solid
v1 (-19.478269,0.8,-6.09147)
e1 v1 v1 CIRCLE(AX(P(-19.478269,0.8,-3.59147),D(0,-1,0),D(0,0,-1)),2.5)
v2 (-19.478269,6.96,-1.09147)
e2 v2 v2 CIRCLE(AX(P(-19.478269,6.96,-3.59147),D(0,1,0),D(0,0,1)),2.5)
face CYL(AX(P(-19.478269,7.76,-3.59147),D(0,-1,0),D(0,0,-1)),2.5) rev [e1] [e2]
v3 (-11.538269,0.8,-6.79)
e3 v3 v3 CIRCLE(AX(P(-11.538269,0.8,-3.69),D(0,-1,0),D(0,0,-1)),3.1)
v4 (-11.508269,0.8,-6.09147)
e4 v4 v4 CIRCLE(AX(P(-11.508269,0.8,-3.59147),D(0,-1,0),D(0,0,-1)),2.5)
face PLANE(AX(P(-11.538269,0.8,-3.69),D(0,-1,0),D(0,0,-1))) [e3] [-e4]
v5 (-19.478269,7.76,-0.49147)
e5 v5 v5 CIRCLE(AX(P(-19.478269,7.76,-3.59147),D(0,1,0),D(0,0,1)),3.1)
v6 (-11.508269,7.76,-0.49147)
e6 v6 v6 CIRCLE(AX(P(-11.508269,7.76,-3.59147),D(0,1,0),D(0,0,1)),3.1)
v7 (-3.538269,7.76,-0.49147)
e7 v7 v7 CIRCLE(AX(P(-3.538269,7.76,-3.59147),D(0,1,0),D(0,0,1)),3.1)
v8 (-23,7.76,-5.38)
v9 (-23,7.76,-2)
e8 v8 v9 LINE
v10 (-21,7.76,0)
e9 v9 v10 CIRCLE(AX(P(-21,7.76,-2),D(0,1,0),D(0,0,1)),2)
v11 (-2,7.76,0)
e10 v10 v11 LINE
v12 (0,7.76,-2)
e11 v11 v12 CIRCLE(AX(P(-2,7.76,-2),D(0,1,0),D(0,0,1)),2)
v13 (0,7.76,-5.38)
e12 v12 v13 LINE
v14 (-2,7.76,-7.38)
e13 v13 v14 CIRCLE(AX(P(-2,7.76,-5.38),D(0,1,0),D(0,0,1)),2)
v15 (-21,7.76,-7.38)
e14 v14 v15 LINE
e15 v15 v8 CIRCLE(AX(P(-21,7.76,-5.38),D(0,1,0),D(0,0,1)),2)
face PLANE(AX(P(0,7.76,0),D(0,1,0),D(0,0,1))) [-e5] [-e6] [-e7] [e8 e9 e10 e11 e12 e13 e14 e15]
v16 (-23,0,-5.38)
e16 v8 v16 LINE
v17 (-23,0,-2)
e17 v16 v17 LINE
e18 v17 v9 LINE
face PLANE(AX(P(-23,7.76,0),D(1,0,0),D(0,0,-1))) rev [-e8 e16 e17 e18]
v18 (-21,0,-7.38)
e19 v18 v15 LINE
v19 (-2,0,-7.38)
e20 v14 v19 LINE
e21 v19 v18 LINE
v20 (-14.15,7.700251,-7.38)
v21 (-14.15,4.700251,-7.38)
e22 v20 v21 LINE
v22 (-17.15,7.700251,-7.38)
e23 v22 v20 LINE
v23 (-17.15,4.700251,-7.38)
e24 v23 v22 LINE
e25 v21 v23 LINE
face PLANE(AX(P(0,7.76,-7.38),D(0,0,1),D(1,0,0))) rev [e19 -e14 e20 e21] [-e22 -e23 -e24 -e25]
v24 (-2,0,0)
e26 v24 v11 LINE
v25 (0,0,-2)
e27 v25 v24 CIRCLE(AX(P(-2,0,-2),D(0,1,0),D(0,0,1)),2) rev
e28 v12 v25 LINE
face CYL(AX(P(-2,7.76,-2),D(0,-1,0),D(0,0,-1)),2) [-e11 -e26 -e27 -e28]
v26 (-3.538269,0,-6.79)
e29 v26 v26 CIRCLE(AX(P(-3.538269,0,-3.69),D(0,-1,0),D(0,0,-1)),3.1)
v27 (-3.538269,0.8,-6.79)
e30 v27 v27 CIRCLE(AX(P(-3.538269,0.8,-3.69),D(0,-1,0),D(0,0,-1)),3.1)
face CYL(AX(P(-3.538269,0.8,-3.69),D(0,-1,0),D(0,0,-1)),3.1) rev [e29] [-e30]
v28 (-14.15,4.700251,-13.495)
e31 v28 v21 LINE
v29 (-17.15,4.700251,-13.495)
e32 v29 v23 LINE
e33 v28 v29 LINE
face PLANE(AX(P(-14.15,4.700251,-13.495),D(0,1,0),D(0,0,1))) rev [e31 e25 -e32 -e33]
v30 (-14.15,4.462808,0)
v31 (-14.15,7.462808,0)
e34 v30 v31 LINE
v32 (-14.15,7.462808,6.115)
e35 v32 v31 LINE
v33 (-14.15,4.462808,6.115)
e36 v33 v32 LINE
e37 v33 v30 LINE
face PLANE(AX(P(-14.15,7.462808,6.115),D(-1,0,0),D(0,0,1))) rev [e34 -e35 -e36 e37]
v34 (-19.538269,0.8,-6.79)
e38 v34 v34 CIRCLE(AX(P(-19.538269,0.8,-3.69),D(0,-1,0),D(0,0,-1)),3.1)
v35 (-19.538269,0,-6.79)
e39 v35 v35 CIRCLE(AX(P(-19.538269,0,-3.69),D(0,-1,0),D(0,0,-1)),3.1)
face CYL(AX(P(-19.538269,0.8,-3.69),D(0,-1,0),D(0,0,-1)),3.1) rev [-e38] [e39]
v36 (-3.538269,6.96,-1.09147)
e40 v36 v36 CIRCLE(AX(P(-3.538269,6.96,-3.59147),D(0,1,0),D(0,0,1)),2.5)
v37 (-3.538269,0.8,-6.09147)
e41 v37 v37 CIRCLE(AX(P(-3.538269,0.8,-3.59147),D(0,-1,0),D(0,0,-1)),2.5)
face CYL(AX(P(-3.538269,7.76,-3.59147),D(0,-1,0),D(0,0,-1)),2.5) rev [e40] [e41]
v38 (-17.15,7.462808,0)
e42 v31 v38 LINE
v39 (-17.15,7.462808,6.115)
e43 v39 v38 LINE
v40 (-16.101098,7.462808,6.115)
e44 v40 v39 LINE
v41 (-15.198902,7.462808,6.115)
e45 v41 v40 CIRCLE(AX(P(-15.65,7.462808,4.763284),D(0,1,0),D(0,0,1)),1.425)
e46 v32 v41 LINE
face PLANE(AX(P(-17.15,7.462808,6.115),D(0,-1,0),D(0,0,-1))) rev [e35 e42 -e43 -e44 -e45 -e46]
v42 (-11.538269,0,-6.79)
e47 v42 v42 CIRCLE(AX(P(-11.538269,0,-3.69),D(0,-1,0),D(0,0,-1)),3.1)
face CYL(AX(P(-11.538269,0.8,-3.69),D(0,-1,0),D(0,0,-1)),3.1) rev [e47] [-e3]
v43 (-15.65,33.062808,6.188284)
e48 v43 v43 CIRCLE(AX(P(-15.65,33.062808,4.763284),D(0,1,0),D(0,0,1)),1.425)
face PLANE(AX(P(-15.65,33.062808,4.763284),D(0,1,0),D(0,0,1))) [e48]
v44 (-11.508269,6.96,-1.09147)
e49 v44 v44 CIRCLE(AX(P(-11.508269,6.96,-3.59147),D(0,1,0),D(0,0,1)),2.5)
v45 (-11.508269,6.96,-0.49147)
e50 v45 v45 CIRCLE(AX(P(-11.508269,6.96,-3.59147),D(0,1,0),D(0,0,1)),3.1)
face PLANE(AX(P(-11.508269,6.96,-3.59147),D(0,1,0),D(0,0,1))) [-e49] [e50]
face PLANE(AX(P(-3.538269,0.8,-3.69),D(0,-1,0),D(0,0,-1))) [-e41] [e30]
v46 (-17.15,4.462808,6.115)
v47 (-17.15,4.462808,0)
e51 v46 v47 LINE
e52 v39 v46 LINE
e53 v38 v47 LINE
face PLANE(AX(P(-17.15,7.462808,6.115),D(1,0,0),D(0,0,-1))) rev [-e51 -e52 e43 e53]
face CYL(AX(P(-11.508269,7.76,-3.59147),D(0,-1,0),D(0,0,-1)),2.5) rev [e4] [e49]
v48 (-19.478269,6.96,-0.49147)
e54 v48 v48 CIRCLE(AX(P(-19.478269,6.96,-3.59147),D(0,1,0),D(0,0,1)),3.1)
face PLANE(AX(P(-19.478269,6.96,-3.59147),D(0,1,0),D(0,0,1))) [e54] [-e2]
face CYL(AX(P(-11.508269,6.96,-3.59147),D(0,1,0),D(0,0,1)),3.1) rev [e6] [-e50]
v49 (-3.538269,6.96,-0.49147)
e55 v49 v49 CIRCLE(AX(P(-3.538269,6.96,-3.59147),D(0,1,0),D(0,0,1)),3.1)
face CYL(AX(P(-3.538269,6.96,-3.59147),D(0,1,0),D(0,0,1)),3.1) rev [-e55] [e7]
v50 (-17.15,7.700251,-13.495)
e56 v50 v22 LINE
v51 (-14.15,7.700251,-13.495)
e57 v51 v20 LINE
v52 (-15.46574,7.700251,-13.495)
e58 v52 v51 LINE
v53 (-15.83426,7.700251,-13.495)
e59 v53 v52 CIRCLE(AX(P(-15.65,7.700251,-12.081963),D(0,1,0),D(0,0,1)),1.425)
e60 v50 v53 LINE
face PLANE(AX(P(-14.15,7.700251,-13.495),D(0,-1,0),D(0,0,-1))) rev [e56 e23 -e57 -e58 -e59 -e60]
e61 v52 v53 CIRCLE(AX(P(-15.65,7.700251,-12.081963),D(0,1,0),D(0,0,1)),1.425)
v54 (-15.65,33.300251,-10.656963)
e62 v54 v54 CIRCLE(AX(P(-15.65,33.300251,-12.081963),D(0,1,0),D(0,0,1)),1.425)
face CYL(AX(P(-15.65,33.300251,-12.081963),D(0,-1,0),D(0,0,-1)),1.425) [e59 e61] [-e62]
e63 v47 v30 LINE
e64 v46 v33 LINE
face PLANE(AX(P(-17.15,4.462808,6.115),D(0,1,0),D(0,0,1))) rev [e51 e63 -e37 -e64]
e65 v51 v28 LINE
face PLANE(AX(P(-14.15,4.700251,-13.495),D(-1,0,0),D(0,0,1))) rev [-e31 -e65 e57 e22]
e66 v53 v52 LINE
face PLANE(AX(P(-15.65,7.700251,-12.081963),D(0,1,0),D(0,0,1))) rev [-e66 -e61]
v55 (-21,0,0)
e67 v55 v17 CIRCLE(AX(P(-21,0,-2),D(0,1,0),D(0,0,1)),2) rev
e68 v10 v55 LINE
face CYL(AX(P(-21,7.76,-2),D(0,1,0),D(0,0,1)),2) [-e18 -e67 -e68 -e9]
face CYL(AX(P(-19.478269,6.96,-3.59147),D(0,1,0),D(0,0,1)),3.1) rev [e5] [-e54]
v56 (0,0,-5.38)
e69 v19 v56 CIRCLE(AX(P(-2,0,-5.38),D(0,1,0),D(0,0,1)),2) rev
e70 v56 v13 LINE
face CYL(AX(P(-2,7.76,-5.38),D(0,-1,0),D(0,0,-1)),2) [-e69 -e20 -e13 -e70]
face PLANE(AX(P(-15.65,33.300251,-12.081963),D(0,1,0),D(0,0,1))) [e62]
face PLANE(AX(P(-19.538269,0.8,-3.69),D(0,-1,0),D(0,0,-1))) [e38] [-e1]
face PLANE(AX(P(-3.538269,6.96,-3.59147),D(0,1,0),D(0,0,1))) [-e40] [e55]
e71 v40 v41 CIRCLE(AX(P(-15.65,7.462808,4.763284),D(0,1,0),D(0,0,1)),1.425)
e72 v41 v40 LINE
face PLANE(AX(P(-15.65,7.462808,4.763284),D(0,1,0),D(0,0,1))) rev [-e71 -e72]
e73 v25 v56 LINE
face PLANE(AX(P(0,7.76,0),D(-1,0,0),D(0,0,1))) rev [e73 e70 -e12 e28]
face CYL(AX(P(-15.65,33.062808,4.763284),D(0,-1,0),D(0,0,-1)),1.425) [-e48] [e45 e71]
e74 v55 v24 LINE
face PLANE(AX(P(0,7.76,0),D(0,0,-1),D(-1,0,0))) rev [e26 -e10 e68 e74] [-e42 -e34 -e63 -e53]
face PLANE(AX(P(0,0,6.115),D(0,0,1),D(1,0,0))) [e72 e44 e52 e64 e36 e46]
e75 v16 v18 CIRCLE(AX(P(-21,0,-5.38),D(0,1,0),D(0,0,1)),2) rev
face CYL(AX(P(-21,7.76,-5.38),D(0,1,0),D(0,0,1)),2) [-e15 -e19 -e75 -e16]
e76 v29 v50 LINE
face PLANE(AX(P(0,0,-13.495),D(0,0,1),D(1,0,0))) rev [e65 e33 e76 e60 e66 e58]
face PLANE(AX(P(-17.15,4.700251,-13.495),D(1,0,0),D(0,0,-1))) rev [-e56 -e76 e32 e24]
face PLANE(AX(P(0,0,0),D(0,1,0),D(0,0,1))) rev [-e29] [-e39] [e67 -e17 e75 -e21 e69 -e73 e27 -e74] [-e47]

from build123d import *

# Parameters (mm, degrees)
SKETCH3_W           = 23
SKETCH3_H           = 7.38
BOSS_EXTRUDE1_DEPTH = 7.76
SKETCH4_R           = 3.1
CUT_EXTRUDE2_DEPTH  = 0.8
SKETCH7_R           = 3.1
CUT_EXTRUDE3_DEPTH  = 0.8
SKETCH6_R           = 2.5
CUT_EXTRUDE4_DEPTH  = 7.96
FILLET3_R           = 2
FILLET4_R           = 2
FILLET5_R           = 2
FILLET6_R           = 2
SKETCH8_W           = 3
SKETCH8_H           = 3
BOSS_EXTRUDE2_DEPTH = 6.115
SKETCH9_R           = 1.425
BOSS_EXTRUDE3_DEPTH = 25.6
SKETCH12_W          = 3
SKETCH12_H          = 3
BOSS_EXTRUDE4_DEPTH = 6.115
SKETCH13_R          = 1.425
BOSS_EXTRUDE5_DEPTH = 25.6


with BuildPart() as part:
    # Sketch3 → Boss-Extrude1 (new body)
    with BuildSketch(Plane(origin=(0, 0, 0), x_dir=(1, 0, 0), z_dir=(0, 1, 0))):
        with Locations((-11.5, 3.69)):
            Rectangle(SKETCH3_W, SKETCH3_H)
    extrude(amount=BOSS_EXTRUDE1_DEPTH)

    # Sketch4 → Cut-Extrude2 (cut)
    with BuildSketch(Plane(origin=(0, 0, 0), x_dir=(-1, 0, 0), z_dir=(0, -1, 0))):
        with Locations((19.538269405, 3.69)):
            Circle(SKETCH4_R)
        with Locations((11.538269405, 3.69)):
            Circle(SKETCH4_R)
        with Locations((3.538269405, 3.69)):
            Circle(SKETCH4_R)
    extrude(amount=-CUT_EXTRUDE2_DEPTH, mode=Mode.SUBTRACT)

    # Sketch7 → Cut-Extrude3 (cut)
    with BuildSketch(Plane(origin=(0, 7.76, 0), x_dir=(1, 0, 0), z_dir=(0, 1, 0))):
        with Locations((-19.478269405, 3.591470107)):
            Circle(SKETCH7_R)
        with Locations((-11.508269405, 3.591470107)):
            Circle(SKETCH7_R)
        with Locations((-3.538269405, 3.591470107)):
            Circle(SKETCH7_R)
    extrude(amount=-CUT_EXTRUDE3_DEPTH, mode=Mode.SUBTRACT)

    # Sketch6 → Cut-Extrude4 (cut, through all)
    with BuildSketch(Plane(origin=(0, 0.8, 0), x_dir=(-1, 0, 0), z_dir=(0, -1, 0))):
        with Locations((3.538269405, 3.591470107)):
            Circle(SKETCH6_R)
        with Locations((11.508269405, 3.591470107)):
            Circle(SKETCH6_R)
        with Locations((19.478269405, 3.591470107)):
            Circle(SKETCH6_R)
    extrude(amount=-CUT_EXTRUDE4_DEPTH, mode=Mode.SUBTRACT)

    # Fillet3
    fillet3_edges = [part.edges().sort_by_distance(p)[0] for p in [
        (0, 3.88, 0),
    ]]
    fillet(fillet3_edges, radius=FILLET3_R)

    # Fillet4
    fillet4_edges = [part.edges().sort_by_distance(p)[0] for p in [
        (-23, 3.88, 0),
    ]]
    fillet(fillet4_edges, radius=FILLET4_R)

    # Fillet5
    fillet5_edges = [part.edges().sort_by_distance(p)[0] for p in [
        (-23, 3.88, -7.38),
    ]]
    fillet(fillet5_edges, radius=FILLET5_R)

    # Fillet6
    fillet6_edges = [part.edges().sort_by_distance(p)[0] for p in [
        (0, 3.88, -7.38),
    ]]
    fillet(fillet6_edges, radius=FILLET6_R)

    # Sketch8 → Boss-Extrude2 (add)
    with BuildSketch(Plane(origin=(0, 0, -7.38), x_dir=(-1, 0, 0), z_dir=(0, 0, -1))):
        with Locations((15.65, 6.200251459)):
            Rectangle(SKETCH8_W, SKETCH8_H)
    extrude(amount=BOSS_EXTRUDE2_DEPTH)

    # Sketch9 → Boss-Extrude3 (add)
    with BuildSketch(Plane(origin=(0, 7.700251459, 0), x_dir=(1, 0, 0), z_dir=(0, 1, 0))):
        with Locations((-15.65, 12.081963091)):
            Circle(SKETCH9_R)
    extrude(amount=BOSS_EXTRUDE3_DEPTH)

    # Sketch12 → Boss-Extrude4 (add)
    with BuildSketch(Plane.XY):
        with Locations((-15.65, 5.962808026)):
            Rectangle(SKETCH12_W, SKETCH12_H)
    extrude(amount=BOSS_EXTRUDE4_DEPTH)

    # Sketch13 → Boss-Extrude5 (add)
    with BuildSketch(Plane(origin=(0, 7.462808026, 0), x_dir=(1, 0, 0), z_dir=(0, 1, 0))):
        with Locations((-15.65, -4.763284268)):
            Circle(SKETCH13_R)
    extrude(amount=BOSS_EXTRUDE5_DEPTH)


solid = part.part
